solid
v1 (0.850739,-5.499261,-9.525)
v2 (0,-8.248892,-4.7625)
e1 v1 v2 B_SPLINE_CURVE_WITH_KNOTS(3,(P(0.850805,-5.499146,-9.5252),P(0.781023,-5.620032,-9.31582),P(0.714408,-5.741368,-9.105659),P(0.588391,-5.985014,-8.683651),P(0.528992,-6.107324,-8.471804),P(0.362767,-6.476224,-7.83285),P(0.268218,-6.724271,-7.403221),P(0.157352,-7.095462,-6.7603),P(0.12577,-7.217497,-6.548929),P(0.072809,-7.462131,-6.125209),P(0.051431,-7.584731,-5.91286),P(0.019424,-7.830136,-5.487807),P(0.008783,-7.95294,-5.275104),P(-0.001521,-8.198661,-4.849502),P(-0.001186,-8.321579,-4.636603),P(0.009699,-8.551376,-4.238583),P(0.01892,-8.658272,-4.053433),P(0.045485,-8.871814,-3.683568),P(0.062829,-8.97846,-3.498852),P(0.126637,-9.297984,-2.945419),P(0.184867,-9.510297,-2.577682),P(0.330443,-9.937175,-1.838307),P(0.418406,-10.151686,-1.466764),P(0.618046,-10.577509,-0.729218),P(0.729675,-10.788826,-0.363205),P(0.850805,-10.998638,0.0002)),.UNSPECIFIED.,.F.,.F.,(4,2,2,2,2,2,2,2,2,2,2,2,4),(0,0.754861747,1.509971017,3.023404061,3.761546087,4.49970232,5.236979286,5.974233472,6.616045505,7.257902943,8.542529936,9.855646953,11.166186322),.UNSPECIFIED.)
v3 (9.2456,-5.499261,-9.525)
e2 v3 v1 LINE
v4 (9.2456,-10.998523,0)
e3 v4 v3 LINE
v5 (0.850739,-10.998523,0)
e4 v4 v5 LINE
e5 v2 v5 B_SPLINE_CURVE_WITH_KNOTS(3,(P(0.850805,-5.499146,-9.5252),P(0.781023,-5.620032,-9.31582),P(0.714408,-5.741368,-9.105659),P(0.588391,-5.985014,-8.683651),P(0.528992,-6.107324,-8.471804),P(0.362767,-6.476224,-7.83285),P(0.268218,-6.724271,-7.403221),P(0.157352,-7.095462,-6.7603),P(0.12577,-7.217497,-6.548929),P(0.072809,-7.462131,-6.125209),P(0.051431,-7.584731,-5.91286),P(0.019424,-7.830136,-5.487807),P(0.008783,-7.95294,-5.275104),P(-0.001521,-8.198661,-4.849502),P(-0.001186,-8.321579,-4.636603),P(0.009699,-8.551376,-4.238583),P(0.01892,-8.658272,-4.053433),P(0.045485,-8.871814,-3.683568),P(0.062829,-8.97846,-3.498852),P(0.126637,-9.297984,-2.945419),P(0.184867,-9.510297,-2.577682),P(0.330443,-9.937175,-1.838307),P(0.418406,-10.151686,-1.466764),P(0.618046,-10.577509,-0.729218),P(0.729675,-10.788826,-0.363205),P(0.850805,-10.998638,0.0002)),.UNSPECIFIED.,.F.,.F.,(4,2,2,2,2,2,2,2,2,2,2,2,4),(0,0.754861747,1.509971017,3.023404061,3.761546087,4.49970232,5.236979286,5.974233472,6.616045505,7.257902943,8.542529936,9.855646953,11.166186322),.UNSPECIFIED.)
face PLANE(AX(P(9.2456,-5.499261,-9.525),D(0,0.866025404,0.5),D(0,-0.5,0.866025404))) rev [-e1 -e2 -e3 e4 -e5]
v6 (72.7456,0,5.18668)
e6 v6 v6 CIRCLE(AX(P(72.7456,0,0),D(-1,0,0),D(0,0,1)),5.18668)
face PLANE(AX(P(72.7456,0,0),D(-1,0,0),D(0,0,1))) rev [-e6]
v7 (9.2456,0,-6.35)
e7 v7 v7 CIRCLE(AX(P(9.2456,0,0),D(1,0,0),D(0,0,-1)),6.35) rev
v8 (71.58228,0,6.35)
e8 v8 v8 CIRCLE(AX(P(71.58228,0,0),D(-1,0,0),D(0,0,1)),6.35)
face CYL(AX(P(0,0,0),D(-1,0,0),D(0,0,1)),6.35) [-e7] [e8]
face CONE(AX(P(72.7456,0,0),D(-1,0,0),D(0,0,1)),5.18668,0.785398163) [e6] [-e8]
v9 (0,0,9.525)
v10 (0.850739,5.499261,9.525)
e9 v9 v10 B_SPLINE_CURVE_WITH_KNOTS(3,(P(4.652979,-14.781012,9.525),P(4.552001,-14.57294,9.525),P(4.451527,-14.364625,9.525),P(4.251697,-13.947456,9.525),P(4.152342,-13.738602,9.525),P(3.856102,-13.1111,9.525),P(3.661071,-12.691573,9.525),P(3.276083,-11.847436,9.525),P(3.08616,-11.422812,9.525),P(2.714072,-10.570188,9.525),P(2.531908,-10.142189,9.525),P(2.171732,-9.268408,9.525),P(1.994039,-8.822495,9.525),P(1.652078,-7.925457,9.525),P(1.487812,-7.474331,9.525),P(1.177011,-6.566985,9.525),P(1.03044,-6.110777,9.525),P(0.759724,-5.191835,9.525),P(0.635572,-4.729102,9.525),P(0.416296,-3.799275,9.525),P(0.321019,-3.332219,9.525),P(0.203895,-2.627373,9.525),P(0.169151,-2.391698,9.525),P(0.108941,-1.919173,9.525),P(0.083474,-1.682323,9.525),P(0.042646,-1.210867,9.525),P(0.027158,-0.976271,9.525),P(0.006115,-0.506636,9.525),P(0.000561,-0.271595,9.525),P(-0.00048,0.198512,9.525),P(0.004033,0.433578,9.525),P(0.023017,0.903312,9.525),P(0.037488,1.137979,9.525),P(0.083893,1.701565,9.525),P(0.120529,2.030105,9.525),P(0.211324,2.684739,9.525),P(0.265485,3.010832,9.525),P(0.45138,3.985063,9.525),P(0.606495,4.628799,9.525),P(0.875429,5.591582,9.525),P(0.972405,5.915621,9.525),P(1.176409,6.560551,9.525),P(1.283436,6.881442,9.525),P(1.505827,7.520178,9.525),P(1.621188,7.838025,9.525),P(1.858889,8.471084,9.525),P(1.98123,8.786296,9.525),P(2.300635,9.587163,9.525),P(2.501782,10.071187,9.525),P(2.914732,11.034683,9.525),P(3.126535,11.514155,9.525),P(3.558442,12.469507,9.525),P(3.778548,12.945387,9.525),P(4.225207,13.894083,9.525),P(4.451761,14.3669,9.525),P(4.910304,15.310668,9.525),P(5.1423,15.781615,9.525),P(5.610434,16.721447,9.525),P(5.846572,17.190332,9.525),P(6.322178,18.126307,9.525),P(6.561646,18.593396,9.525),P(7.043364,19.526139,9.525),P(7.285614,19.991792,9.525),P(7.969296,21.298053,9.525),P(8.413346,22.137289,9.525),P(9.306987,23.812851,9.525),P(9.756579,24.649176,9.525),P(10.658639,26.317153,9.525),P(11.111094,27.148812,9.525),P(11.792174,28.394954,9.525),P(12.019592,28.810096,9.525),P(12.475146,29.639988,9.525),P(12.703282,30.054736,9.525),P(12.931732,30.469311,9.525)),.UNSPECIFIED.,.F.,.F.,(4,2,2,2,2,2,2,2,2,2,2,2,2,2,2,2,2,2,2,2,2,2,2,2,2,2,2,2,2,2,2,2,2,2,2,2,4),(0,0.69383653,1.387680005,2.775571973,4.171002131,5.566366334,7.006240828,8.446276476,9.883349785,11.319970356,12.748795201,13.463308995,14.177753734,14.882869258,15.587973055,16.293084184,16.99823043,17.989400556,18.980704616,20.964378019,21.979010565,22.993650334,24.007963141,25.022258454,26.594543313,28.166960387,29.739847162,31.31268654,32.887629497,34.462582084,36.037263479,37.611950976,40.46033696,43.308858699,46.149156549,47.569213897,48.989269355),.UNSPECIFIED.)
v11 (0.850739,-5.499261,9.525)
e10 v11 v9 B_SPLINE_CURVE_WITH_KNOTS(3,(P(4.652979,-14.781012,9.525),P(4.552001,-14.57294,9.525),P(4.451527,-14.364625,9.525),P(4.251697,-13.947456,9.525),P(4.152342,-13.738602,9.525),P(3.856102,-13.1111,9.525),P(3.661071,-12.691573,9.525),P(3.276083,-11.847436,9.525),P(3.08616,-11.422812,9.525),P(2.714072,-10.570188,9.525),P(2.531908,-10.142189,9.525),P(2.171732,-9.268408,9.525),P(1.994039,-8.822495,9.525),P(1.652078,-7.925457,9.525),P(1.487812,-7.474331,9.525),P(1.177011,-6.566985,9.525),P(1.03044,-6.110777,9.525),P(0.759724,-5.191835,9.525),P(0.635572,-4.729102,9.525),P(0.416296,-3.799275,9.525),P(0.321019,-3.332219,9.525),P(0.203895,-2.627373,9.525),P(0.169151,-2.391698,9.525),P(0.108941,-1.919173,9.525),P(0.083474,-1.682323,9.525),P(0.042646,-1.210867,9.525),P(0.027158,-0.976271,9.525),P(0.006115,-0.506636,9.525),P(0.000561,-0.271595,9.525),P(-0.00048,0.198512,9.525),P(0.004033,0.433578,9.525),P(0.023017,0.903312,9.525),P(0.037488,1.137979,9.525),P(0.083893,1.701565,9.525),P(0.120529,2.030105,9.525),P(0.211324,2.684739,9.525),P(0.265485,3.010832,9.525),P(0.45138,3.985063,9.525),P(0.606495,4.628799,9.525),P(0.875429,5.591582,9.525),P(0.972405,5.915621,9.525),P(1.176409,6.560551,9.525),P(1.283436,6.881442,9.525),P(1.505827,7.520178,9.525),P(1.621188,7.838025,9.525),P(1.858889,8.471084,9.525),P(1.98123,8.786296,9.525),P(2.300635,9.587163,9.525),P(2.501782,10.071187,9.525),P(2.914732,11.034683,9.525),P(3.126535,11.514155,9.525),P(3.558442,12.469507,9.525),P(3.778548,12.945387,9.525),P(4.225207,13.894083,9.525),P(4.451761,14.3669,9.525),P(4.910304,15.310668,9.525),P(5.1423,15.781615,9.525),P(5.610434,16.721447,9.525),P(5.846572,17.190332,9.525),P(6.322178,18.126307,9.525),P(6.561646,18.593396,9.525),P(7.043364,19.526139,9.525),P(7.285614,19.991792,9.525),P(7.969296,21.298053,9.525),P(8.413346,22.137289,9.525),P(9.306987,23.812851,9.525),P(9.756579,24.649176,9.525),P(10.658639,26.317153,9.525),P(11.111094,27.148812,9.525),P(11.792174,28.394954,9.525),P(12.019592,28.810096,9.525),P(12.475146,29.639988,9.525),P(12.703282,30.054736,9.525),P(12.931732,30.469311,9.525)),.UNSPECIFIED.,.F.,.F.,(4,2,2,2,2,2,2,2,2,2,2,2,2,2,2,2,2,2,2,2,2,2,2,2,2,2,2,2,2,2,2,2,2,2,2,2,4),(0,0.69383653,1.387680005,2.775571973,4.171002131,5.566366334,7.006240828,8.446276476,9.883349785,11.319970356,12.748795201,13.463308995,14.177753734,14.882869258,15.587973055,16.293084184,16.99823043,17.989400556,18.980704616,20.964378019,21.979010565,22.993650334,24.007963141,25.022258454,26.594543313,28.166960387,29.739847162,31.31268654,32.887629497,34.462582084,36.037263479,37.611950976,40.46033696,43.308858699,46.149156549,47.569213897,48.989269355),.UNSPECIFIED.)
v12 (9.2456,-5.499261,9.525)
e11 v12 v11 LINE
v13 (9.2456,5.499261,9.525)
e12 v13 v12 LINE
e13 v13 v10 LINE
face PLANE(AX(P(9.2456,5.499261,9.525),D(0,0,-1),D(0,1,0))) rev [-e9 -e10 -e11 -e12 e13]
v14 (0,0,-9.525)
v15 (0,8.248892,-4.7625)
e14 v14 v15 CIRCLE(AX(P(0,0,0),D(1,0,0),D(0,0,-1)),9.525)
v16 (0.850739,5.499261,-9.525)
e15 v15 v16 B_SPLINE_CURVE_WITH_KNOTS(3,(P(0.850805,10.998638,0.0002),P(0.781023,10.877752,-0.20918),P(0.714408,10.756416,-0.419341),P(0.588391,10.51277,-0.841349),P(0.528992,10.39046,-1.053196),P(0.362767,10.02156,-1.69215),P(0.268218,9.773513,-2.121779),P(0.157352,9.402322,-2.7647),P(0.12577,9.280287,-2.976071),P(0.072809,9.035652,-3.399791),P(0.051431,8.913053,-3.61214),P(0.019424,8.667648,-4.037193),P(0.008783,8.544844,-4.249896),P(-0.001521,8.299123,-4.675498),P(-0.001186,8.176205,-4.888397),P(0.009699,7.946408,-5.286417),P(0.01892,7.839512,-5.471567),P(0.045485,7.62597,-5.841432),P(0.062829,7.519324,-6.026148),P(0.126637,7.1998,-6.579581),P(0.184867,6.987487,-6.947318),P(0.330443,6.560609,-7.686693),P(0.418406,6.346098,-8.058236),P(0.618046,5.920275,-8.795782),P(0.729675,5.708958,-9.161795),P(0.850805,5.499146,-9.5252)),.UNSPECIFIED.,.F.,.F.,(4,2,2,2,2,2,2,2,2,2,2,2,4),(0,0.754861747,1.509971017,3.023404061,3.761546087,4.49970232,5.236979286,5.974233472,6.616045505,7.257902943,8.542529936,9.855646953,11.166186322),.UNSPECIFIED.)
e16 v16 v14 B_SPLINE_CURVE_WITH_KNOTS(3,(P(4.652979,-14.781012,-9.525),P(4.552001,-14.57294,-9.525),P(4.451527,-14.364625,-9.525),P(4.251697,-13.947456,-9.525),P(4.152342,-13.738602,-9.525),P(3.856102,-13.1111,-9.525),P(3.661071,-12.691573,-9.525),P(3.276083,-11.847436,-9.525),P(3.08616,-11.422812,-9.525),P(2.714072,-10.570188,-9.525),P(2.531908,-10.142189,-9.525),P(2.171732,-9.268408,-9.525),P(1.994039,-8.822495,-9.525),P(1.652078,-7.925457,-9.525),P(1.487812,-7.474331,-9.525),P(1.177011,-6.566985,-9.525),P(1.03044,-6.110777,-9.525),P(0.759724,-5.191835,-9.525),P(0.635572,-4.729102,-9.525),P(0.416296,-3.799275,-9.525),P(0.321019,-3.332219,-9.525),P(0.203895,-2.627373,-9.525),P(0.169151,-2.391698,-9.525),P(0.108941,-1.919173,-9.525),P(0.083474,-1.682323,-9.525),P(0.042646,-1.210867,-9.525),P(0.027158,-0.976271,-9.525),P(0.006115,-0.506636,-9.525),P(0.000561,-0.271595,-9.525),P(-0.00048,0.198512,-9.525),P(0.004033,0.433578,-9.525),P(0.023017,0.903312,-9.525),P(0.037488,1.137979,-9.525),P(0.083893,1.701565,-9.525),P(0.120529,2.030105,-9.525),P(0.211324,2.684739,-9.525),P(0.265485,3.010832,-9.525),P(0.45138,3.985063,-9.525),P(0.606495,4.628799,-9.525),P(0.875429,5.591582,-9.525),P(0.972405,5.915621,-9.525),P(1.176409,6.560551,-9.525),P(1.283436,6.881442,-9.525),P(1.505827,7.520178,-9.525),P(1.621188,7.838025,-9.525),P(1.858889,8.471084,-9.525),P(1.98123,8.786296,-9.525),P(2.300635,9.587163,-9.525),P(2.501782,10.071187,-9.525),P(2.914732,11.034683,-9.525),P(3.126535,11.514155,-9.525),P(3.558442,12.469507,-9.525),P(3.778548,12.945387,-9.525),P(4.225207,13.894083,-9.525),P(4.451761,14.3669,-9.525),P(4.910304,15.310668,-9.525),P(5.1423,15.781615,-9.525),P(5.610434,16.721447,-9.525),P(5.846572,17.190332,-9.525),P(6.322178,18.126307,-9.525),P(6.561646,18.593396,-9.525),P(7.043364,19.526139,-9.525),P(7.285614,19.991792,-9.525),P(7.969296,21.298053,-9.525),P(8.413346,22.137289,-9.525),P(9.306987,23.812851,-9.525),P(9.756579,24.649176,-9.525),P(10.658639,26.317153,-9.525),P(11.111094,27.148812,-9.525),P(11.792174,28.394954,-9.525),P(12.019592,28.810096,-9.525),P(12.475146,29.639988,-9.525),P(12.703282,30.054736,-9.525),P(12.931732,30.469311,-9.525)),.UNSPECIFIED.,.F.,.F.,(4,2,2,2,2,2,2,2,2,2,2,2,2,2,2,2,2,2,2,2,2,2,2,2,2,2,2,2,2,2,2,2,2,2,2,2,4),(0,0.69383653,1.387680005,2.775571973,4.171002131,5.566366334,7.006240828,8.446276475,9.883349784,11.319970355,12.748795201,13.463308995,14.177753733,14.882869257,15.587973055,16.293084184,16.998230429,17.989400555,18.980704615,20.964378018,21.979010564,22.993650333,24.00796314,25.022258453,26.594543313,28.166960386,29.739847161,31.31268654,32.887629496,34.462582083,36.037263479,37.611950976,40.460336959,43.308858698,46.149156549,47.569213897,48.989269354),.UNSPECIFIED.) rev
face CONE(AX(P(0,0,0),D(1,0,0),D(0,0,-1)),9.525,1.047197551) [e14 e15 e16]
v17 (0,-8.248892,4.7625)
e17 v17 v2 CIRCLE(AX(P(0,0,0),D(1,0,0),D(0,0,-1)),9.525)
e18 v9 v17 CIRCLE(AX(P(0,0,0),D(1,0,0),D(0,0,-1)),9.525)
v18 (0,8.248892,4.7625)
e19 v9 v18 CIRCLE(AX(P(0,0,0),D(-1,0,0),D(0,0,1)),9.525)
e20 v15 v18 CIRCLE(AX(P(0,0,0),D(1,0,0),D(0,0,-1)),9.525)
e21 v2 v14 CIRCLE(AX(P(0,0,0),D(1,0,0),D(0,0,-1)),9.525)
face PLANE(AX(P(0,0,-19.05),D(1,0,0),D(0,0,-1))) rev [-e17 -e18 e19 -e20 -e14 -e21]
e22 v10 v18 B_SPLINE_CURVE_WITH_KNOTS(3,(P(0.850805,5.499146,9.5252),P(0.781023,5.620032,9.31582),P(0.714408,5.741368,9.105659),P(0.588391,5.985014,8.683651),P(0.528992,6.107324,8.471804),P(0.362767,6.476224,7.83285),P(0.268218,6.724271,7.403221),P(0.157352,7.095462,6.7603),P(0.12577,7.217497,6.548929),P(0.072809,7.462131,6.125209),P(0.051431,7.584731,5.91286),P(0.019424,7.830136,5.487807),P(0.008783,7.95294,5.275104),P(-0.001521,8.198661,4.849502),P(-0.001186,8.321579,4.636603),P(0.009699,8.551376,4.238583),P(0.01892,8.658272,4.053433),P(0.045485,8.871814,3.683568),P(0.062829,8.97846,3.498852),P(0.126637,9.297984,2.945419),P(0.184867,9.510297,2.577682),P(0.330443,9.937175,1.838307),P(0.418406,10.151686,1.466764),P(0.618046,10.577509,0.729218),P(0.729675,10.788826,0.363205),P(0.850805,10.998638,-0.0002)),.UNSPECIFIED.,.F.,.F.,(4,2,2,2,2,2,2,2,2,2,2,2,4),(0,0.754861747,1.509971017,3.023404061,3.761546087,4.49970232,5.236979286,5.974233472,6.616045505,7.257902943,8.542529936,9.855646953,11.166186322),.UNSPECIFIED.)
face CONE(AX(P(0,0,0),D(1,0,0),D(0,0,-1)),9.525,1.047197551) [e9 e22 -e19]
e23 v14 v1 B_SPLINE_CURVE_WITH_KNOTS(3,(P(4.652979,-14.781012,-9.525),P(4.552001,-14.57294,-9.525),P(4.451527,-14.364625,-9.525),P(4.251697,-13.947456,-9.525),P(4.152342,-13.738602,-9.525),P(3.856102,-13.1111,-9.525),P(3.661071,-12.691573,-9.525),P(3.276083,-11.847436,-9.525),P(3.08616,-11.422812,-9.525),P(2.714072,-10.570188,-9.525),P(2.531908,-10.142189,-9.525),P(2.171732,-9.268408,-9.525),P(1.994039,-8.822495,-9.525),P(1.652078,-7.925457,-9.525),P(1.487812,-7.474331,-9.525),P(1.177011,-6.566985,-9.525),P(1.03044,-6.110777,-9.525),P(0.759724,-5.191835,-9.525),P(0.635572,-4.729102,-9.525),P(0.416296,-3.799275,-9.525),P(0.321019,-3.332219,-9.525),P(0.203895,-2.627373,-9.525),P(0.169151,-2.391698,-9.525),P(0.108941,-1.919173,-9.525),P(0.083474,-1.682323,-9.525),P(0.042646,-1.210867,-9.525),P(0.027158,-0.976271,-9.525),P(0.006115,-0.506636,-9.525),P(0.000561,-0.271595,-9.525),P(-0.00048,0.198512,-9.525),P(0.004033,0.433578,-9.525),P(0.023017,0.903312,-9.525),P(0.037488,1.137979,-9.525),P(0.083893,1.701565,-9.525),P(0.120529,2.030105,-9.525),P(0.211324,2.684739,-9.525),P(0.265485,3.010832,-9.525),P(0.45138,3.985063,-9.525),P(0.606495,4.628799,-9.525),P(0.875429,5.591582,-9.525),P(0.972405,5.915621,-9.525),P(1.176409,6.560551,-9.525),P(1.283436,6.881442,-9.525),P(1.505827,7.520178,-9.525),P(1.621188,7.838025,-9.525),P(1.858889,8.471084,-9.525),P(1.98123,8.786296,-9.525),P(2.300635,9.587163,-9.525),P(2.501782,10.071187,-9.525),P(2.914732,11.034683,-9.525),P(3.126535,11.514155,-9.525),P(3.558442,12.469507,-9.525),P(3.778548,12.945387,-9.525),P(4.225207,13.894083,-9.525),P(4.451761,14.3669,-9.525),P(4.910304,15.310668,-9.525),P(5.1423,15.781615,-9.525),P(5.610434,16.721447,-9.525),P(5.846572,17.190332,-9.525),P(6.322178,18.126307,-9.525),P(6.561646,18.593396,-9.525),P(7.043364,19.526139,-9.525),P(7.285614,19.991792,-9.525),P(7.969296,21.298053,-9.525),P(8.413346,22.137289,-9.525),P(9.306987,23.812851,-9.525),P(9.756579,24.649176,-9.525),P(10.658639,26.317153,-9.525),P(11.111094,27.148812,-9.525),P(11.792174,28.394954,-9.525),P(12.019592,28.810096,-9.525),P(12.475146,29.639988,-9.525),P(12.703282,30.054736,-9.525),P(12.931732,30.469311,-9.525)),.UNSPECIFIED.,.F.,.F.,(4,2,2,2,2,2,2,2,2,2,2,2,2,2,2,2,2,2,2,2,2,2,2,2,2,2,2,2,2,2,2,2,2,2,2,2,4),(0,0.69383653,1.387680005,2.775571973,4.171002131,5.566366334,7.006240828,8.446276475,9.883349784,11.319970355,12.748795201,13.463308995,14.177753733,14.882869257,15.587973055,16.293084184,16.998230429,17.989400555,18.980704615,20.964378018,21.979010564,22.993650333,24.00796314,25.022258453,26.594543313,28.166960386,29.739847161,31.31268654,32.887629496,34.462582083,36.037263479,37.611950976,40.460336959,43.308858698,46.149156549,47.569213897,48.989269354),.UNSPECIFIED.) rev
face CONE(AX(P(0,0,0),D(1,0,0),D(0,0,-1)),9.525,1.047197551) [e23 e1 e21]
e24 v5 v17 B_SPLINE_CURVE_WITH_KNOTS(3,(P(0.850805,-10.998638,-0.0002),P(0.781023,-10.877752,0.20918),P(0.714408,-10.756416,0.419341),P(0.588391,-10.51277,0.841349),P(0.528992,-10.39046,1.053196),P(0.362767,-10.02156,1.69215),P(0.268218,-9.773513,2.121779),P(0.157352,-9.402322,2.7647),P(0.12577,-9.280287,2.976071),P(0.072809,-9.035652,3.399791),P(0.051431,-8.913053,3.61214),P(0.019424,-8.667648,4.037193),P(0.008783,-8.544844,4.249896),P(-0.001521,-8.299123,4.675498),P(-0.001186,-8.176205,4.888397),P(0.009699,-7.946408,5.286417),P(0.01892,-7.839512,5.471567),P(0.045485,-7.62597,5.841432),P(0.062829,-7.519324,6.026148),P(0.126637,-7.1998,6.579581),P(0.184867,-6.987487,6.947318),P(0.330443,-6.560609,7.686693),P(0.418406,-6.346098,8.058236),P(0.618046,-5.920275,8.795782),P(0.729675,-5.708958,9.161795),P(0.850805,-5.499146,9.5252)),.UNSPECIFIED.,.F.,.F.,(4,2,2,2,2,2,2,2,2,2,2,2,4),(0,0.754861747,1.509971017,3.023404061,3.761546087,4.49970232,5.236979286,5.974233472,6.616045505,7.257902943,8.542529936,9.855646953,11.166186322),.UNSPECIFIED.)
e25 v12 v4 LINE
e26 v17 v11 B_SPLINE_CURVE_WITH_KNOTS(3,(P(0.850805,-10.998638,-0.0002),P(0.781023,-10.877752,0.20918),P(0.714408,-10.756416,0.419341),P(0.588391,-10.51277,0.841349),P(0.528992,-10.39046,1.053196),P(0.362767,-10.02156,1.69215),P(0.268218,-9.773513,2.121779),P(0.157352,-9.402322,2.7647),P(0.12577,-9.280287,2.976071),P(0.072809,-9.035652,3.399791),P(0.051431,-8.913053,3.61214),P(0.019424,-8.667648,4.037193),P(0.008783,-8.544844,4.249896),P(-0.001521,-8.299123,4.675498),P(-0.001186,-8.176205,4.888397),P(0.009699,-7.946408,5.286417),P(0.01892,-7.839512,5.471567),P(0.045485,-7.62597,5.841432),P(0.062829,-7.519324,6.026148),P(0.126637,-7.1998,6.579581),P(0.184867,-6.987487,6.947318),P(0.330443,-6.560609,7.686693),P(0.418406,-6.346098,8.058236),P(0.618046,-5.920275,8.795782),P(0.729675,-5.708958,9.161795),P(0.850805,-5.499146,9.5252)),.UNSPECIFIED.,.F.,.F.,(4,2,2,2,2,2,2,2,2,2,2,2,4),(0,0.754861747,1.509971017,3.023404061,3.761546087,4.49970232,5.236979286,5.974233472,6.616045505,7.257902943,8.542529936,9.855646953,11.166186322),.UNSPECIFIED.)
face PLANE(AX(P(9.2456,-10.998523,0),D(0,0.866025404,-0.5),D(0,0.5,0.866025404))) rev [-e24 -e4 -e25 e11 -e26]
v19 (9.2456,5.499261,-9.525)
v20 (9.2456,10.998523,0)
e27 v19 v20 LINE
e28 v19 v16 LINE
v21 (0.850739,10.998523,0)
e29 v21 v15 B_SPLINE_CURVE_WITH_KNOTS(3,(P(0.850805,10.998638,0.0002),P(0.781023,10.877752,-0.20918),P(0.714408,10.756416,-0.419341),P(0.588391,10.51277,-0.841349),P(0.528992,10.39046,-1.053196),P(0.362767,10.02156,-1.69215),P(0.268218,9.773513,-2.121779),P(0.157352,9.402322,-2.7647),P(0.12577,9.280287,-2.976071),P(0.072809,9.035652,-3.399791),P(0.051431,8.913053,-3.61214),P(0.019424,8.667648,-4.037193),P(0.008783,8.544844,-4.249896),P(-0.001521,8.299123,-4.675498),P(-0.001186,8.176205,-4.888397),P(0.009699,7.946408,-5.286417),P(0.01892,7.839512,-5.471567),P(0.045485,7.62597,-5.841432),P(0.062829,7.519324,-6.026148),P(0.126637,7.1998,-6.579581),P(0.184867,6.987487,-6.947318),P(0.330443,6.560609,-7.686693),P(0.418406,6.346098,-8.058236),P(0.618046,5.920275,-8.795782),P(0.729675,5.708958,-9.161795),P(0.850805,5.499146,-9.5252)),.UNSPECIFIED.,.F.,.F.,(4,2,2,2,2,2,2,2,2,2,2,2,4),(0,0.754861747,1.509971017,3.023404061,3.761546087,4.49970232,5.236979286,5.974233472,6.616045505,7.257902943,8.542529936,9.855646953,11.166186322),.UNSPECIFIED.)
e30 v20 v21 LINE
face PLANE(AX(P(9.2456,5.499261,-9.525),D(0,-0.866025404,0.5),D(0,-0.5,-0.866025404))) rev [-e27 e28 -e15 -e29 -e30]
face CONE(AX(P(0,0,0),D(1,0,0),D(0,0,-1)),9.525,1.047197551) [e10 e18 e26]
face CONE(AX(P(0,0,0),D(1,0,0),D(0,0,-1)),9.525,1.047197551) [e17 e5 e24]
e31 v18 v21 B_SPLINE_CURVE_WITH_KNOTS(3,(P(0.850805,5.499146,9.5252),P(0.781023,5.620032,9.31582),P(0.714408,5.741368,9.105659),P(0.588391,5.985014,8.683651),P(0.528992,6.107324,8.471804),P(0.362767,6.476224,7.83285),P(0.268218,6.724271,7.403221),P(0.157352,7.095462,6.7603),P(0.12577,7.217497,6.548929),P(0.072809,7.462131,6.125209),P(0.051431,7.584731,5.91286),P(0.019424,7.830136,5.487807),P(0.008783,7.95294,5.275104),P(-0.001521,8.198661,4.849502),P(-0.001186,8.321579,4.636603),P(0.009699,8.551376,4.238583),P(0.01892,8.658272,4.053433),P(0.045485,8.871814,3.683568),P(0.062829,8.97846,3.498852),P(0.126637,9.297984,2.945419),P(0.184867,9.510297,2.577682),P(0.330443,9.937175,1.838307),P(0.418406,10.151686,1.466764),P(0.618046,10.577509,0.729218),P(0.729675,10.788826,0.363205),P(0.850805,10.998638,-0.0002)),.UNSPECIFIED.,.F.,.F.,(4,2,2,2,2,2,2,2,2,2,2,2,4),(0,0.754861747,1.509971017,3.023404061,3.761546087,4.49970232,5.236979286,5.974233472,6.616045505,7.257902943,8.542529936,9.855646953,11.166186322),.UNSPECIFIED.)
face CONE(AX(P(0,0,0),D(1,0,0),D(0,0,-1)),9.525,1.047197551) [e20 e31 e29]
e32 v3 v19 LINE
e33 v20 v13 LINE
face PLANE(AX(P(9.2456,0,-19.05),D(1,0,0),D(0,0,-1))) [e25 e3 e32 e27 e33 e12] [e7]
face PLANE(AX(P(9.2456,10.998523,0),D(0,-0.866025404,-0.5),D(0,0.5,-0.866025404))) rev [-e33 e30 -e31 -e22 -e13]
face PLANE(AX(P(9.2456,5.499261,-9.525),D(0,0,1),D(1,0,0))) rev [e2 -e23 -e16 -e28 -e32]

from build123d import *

# Parameters (mm, degrees)
BASEHEAD_DEPTH = 9.2456


with BuildPart() as part:
    # Sketch1 → BaseHead (new body)
    with BuildSketch(Plane(origin=(0, 0, 0), x_dir=(0, 0, -1), z_dir=(1, 0, 0))):
        Polygon((9.525, 5.499261314), (9.525, -5.499261314), (0, -10.998522628), (-9.525, -5.499261314), (-9.525, 5.499261314), (0, 10.998522628), align=None)
    extrude(amount=BASEHEAD_DEPTH)

    # BodySke → BaseBody (revolve)
    with BuildSketch(Plane.XY):
        Polygon((0, 0), (72.7456, 0), (72.7456, 5.18668), (71.58228, 6.35), (0, 6.35), align=None)
    revolve(axis=Axis((0, 0, 0), (1, 0, 0)))

    # Sketch3 → HeadChamfer (revolve, cut)
    with BuildSketch(Plane.XY):
        Polygon((0, 9.525), (4.516912895, 17.348522628), (4.516912895, 23.698522628), (-12.7, 23.698522628), (-12.7, 9.525), align=None)
    revolve(axis=Axis((0, 0, 0), (1, 0, 0)), mode=Mode.SUBTRACT)


solid = part.part
